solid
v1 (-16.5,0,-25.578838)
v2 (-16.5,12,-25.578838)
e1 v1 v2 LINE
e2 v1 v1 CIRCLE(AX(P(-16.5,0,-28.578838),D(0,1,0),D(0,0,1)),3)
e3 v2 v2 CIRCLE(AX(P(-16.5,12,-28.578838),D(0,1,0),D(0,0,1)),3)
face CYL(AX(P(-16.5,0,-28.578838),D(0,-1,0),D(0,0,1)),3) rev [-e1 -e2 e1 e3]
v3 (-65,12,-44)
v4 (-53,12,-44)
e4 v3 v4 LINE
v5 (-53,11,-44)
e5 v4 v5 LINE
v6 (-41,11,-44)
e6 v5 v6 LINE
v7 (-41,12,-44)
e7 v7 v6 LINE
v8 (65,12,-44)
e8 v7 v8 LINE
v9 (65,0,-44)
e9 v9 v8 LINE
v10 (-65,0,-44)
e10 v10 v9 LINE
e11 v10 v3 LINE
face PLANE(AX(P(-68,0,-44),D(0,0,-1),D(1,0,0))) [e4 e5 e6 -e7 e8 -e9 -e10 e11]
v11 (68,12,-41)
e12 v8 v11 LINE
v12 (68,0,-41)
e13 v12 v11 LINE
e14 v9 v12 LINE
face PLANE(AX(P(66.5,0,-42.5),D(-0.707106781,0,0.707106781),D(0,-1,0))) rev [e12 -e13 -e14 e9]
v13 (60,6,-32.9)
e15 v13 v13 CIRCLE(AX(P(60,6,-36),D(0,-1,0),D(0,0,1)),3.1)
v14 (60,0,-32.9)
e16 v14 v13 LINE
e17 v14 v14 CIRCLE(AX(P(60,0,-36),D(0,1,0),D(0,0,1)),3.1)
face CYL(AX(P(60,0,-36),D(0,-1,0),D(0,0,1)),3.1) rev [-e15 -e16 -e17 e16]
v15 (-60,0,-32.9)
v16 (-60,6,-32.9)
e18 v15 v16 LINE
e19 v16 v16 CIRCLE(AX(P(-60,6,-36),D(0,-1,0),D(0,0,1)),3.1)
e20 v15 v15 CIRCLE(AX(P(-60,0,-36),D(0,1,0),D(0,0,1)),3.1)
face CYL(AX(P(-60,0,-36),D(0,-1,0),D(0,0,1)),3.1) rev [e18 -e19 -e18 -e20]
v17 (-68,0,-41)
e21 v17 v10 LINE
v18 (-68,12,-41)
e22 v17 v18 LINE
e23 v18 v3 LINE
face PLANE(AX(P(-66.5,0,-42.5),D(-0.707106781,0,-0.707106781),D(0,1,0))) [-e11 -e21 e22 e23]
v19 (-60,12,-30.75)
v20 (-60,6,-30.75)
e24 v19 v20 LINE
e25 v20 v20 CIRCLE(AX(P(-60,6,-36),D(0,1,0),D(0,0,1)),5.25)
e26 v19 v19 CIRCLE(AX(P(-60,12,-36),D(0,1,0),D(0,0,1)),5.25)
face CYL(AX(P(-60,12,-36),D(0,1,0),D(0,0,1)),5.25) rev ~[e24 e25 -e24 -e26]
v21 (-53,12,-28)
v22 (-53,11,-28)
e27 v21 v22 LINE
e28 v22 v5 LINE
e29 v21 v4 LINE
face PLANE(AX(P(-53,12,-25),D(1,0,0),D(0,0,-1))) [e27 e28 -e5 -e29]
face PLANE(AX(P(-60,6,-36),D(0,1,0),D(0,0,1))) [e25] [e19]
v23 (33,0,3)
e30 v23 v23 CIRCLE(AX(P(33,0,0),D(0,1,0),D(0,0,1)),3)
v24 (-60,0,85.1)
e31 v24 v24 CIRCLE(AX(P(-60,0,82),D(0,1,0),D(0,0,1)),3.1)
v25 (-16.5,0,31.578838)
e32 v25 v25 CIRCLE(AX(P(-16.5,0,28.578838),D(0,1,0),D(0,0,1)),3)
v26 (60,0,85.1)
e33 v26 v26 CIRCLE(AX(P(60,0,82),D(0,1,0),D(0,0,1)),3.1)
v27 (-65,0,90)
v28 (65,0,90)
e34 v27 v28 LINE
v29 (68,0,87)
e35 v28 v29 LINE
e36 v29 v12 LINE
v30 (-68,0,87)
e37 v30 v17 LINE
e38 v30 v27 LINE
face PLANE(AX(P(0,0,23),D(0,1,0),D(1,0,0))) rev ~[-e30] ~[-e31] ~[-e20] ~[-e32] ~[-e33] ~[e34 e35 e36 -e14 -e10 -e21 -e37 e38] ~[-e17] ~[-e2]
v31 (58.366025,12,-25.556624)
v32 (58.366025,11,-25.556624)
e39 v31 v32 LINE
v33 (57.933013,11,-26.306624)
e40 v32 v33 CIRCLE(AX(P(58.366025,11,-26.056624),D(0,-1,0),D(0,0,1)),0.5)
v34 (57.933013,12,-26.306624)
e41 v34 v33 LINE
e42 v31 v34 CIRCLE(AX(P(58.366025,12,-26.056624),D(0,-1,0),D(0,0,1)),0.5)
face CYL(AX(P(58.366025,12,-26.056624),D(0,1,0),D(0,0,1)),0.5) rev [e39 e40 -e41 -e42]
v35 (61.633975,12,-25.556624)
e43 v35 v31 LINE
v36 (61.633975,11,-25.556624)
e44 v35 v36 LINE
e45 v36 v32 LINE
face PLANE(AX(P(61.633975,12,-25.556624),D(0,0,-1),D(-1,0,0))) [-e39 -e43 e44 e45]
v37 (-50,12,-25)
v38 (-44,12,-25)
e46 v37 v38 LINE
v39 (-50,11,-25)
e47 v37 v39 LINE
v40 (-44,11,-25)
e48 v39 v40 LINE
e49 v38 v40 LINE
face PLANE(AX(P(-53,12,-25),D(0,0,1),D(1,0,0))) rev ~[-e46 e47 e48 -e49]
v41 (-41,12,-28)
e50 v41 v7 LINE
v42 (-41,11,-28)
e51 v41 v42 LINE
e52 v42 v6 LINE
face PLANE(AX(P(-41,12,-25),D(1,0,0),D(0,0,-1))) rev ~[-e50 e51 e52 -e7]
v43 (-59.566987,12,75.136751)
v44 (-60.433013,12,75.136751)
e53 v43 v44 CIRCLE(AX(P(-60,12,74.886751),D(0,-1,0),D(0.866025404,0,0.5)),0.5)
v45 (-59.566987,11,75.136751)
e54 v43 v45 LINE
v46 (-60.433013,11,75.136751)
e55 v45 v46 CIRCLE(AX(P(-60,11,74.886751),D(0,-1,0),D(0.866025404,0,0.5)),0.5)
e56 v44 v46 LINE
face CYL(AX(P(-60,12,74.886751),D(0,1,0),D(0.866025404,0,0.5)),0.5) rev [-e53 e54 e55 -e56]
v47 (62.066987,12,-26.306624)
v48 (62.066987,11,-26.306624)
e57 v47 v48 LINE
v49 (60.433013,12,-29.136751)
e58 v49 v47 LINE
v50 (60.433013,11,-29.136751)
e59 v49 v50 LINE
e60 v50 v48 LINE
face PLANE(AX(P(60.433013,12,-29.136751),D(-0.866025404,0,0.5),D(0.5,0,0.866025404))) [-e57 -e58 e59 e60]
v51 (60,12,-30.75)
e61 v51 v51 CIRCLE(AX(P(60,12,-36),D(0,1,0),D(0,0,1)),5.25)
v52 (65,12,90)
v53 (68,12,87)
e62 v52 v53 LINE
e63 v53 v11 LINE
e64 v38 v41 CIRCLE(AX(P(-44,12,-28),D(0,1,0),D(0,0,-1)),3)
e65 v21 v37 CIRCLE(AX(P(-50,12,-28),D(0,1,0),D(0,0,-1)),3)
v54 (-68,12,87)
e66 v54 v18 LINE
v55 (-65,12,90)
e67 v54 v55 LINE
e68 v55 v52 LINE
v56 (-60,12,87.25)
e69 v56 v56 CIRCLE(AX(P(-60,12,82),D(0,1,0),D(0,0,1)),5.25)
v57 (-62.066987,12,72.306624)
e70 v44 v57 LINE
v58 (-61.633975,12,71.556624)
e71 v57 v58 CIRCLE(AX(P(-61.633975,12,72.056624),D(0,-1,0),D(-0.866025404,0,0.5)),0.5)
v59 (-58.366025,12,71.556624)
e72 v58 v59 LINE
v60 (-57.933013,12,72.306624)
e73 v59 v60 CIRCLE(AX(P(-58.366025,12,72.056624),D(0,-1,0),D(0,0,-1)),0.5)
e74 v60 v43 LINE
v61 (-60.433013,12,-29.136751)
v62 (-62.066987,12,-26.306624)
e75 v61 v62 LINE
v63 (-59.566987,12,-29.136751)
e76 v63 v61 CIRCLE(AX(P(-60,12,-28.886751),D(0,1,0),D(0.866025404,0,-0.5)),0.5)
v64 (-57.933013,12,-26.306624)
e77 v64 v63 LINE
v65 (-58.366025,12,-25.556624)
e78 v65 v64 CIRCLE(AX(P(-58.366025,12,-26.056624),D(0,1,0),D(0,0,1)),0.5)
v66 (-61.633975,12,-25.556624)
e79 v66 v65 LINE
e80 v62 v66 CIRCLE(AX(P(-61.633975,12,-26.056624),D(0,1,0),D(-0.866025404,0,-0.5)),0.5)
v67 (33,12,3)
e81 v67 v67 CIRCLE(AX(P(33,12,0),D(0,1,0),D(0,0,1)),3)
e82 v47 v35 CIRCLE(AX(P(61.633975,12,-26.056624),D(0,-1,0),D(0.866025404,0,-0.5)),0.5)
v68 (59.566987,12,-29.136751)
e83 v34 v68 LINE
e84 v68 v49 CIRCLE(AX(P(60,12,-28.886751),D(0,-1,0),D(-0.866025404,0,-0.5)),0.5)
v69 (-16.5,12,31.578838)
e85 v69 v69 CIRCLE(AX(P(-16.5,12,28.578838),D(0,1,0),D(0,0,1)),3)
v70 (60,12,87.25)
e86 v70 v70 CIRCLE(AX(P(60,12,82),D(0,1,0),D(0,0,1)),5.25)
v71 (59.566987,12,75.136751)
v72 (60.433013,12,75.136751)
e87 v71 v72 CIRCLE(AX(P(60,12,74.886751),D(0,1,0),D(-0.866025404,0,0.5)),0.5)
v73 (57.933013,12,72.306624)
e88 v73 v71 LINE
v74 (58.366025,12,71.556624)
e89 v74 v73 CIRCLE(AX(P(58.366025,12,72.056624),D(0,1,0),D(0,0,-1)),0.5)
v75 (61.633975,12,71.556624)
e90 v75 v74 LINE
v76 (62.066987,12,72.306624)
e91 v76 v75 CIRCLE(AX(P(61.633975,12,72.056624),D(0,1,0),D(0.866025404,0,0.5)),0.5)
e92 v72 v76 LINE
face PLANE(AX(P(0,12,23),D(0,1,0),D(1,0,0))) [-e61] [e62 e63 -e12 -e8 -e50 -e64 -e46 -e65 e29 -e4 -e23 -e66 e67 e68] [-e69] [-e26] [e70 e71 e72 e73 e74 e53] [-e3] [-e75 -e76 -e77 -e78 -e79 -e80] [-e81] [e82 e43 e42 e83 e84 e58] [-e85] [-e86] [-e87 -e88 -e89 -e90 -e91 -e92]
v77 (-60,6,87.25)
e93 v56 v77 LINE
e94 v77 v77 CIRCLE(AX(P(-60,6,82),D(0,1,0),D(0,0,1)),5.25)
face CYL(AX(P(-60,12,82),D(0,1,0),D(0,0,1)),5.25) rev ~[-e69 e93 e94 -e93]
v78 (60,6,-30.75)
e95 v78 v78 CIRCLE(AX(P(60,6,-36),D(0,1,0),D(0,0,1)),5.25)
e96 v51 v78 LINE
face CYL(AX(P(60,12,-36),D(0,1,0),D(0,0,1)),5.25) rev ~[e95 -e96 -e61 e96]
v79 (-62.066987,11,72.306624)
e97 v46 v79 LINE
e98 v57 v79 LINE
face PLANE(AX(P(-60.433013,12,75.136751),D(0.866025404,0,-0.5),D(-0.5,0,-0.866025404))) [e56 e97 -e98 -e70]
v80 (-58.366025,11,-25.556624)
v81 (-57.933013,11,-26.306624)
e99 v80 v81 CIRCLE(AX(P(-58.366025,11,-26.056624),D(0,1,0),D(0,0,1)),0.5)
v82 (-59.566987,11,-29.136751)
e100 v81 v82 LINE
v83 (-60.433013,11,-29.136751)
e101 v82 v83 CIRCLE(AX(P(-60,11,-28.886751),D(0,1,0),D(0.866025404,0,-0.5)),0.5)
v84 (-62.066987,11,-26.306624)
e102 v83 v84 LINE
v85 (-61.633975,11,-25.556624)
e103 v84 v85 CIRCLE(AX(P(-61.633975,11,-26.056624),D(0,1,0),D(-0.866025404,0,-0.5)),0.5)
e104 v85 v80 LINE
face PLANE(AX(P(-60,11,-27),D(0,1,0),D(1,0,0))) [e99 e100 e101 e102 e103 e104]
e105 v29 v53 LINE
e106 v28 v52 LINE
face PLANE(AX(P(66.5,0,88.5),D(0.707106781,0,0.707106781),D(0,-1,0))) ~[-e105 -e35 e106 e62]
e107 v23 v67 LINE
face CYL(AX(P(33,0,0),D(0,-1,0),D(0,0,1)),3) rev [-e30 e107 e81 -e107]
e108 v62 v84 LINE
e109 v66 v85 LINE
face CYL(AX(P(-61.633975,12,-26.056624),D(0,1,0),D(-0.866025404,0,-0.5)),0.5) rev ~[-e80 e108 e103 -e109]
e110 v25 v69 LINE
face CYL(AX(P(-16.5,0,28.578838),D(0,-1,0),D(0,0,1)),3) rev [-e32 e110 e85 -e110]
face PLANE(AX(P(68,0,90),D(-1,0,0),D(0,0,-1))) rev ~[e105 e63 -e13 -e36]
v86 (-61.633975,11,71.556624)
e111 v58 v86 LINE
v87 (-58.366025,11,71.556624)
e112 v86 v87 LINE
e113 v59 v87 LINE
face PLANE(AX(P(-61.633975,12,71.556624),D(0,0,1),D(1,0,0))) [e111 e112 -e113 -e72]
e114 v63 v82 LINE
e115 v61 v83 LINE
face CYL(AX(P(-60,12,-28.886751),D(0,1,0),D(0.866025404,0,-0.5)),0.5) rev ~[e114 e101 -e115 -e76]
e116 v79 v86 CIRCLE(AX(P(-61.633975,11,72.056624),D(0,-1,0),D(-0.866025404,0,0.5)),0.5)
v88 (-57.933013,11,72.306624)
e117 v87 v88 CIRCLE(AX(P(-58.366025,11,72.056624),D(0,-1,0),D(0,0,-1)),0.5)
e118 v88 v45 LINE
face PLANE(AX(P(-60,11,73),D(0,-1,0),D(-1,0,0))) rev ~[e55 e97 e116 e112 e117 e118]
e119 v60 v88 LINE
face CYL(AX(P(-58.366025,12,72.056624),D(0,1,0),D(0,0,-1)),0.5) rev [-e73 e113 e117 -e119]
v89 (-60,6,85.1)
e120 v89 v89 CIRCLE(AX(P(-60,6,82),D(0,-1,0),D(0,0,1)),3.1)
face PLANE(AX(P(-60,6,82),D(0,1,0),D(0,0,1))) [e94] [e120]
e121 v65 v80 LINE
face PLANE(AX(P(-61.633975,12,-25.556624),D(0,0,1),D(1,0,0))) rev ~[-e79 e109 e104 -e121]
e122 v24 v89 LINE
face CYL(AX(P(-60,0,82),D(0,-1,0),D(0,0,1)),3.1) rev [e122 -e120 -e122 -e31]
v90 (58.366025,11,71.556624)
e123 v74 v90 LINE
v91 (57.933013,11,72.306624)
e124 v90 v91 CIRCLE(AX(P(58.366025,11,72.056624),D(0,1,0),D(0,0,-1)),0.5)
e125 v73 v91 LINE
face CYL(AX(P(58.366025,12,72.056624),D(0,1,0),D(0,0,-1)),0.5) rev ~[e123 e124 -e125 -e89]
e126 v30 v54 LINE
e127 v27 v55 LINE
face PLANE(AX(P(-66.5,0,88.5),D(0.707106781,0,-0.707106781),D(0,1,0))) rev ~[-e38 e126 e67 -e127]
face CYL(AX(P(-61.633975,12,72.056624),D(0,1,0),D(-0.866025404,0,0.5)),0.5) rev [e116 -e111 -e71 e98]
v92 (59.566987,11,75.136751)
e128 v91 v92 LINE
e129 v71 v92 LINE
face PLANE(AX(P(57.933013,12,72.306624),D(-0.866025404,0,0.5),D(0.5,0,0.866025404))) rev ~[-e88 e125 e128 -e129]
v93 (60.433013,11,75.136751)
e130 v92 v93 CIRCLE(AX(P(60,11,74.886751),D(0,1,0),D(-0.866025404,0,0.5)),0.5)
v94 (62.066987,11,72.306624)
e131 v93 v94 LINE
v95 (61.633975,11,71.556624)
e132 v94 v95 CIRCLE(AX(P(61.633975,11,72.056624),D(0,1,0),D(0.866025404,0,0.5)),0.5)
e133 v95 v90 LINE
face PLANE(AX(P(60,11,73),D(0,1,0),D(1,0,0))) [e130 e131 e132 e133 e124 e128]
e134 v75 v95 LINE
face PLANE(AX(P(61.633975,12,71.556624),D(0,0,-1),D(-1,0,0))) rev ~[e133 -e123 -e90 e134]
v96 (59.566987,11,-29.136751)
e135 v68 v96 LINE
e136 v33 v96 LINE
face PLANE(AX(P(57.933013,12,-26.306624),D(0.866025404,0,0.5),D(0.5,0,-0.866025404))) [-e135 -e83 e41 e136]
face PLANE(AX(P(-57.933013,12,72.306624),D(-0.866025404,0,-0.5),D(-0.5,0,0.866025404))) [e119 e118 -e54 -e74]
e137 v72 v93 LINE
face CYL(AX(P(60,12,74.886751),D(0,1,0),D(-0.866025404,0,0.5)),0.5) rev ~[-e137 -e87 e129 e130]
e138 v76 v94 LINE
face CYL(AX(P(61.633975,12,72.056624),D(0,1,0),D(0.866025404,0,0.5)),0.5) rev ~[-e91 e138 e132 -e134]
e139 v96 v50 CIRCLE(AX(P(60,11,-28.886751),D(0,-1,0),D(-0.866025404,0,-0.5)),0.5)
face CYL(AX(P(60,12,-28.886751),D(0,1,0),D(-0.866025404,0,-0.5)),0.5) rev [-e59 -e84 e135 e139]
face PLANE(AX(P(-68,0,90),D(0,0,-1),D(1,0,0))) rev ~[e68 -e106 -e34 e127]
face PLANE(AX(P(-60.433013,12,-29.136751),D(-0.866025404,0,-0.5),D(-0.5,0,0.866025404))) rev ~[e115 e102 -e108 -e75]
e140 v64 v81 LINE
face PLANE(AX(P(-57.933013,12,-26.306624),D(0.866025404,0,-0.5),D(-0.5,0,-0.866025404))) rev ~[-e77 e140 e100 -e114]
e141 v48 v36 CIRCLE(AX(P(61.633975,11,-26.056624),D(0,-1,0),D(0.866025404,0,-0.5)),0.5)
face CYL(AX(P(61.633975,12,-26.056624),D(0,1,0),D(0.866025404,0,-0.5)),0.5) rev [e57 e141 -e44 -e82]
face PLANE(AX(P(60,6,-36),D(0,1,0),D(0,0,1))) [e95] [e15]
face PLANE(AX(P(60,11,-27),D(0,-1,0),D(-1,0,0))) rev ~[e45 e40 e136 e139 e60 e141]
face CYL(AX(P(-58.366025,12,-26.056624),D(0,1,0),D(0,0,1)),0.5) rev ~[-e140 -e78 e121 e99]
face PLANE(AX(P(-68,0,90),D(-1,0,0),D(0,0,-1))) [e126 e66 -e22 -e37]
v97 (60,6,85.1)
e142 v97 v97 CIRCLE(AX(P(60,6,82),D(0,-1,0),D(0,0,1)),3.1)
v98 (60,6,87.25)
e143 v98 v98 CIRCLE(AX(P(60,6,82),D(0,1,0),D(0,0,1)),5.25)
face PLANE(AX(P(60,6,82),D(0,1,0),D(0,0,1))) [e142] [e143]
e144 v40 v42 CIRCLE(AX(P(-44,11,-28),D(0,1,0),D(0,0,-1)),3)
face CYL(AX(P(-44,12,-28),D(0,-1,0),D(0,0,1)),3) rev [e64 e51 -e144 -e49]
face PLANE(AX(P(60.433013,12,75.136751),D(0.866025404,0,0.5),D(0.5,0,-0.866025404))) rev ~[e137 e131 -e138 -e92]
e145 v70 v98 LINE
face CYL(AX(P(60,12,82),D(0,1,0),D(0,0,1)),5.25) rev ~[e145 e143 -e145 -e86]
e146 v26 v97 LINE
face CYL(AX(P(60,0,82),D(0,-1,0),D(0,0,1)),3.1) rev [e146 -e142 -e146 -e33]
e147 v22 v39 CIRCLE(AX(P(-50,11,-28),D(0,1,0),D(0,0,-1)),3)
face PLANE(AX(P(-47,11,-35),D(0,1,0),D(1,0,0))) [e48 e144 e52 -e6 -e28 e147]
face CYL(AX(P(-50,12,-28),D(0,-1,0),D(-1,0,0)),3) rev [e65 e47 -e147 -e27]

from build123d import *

# Parameters (mm, degrees)
SKETCH_2_W             = 136
SKETCH_2_H             = 134
SKETCH_2_R             = 3.1
SKETCH_2_R_2           = 3
EXTRUDE_1_DEPTH        = 12
SKETCH_3_R             = 5.25
CUT_EXTRUDE_1165_DEPTH = 6
SKETCH_4_W             = 12
SKETCH_4_H             = 20
CUT_EXTRUDE_2_DEPTH    = 1
CHAMFER_1_SIZE         = 3
FILLET_1_R             = 3


with BuildPart() as part:
    # ｽｹｯﾁ2 → ﾎﾞｽ - 押し出し1 (new body)
    with BuildSketch(Plane(origin=(0, 0, 0), x_dir=(1, 0, 0), z_dir=(0, 1, 0))):
        with Locations((0, -23)):
            Rectangle(SKETCH_2_W, SKETCH_2_H)
        with Locations(Location((-60, 36, 0), (0, 0, 270))):
            Circle(SKETCH_2_R, mode=Mode.SUBTRACT)
        with Locations(Location((60, 36, 0), (0, 0, 270))):
            Circle(SKETCH_2_R, mode=Mode.SUBTRACT)
        with Locations(Location((60, -82, 0), (0, 0, 270))):
            Circle(SKETCH_2_R, mode=Mode.SUBTRACT)
        with Locations(Location((-60, -82, 0), (0, 0, 270))):
            Circle(SKETCH_2_R, mode=Mode.SUBTRACT)
        with Locations(Location((-16.5, 28.578838325, 0), (0, 0, 270))):
            Circle(SKETCH_2_R_2, mode=Mode.SUBTRACT)
        with Locations(Location((-16.5, -28.578838325, 0), (0, 0, 270))):
            Circle(SKETCH_2_R_2, mode=Mode.SUBTRACT)
        with Locations(Location((33, 0, 0), (0, 0, 270))):
            Circle(SKETCH_2_R_2, mode=Mode.SUBTRACT)
    extrude(amount=EXTRUDE_1_DEPTH)

    # ｽｹｯﾁ3 → Cut-Extrude 1165 (cut)
    with BuildSketch(Plane(origin=(0, 12, 0), x_dir=(1, 0, 0), z_dir=(0, 1, 0))):
        with Locations(Location((-60, 36, 0), (0, 0, 270))):
            Circle(SKETCH_3_R)
        with Locations(Location((60, 36, 0), (0, 0, 270))):
            Circle(SKETCH_3_R)
        with Locations(Location((-60, -82, 0), (0, 0, 270))):
            Circle(SKETCH_3_R)
        with Locations(Location((60, -82, 0), (0, 0, 270))):
            Circle(SKETCH_3_R)
    extrude(amount=-CUT_EXTRUDE_1165_DEPTH, mode=Mode.SUBTRACT)

    # ｽｹｯﾁ4 → ｶｯﾄ - 押し出し2 (cut)
    with BuildSketch(Plane(origin=(0, 12, 0), x_dir=(1, 0, 0), z_dir=(0, 1, 0))):
        with BuildLine():
            Line((57.933012702, 26.306624327), (59.566987298, 29.136751346))
            ThreePointArc((59.566987298, 29.136751346), (60, 29.386751346), (60.433012702, 29.136751346))
            Line((60.433012702, 29.136751346), (62.066987298, 26.306624327))
            ThreePointArc((62.066987298, 26.306624327), (62.066987298, 25.806624327), (61.633974596, 25.556624327))
            Line((61.633974596, 25.556624327), (58.366025404, 25.556624327))
            ThreePointArc((58.366025404, 25.556624327), (57.933012702, 25.806624327), (57.933012702, 26.306624327))
        make_face()
        with BuildLine():
            Line((-60.433012702, 29.136751346), (-62.066987298, 26.306624327))
            ThreePointArc((-62.066987298, 26.306624327), (-62.066987298, 25.806624327), (-61.633974596, 25.556624327))
            Line((-61.633974596, 25.556624327), (-58.366025404, 25.556624327))
            ThreePointArc((-58.366025404, 25.556624327), (-57.933012702, 25.806624327), (-57.933012702, 26.306624327))
            Line((-57.933012702, 26.306624327), (-59.566987298, 29.136751346))
            ThreePointArc((-59.566987298, 29.136751346), (-60, 29.386751346), (-60.433012702, 29.136751346))
        make_face()
        with BuildLine():
            Line((60.433012702, -75.136751346), (62.066987298, -72.306624327))
            ThreePointArc((62.066987298, -72.306624327), (62.066987298, -71.806624327), (61.633974596, -71.556624327))
            Line((61.633974596, -71.556624327), (58.366025404, -71.556624327))
            ThreePointArc((58.366025404, -71.556624327), (57.933012702, -71.806624327), (57.933012702, -72.306624327))
            Line((57.933012702, -72.306624327), (59.566987298, -75.136751346))
            ThreePointArc((59.566987298, -75.136751346), (60, -75.386751346), (60.433012702, -75.136751346))
        make_face()
        with BuildLine():
            Line((-57.933012702, -72.306624327), (-59.566987298, -75.136751346))
            ThreePointArc((-59.566987298, -75.136751346), (-60, -75.386751346), (-60.433012702, -75.136751346))
            Line((-60.433012702, -75.136751346), (-62.066987298, -72.306624327))
            ThreePointArc((-62.066987298, -72.306624327), (-62.066987298, -71.806624327), (-61.633974596, -71.556624327))
            Line((-61.633974596, -71.556624327), (-58.366025404, -71.556624327))
            ThreePointArc((-58.366025404, -71.556624327), (-57.933012702, -71.806624327), (-57.933012702, -72.306624327))
        make_face()
        with Locations((-47, 35)):
            Rectangle(SKETCH_4_W, SKETCH_4_H)
    extrude(amount=-CUT_EXTRUDE_2_DEPTH, mode=Mode.SUBTRACT)

    # 面取り1
    chamfer_1_edges = [part.edges().sort_by_distance(p)[0] for p in [
        (-68, 6, -44),
        (68, 6, -44),
        (68, 6, 90),
        (-68, 6, 90),
    ]]
    chamfer(chamfer_1_edges, length=CHAMFER_1_SIZE)

    # ﾌｨﾚｯﾄ1
    fillet_1_edges = [part.edges().sort_by_distance(p)[0] for p in [
        (-53, 11.5, -25),
        (-41, 11.5, -25),
    ]]
    fillet(fillet_1_edges, radius=FILLET_1_R)


solid = part.part
